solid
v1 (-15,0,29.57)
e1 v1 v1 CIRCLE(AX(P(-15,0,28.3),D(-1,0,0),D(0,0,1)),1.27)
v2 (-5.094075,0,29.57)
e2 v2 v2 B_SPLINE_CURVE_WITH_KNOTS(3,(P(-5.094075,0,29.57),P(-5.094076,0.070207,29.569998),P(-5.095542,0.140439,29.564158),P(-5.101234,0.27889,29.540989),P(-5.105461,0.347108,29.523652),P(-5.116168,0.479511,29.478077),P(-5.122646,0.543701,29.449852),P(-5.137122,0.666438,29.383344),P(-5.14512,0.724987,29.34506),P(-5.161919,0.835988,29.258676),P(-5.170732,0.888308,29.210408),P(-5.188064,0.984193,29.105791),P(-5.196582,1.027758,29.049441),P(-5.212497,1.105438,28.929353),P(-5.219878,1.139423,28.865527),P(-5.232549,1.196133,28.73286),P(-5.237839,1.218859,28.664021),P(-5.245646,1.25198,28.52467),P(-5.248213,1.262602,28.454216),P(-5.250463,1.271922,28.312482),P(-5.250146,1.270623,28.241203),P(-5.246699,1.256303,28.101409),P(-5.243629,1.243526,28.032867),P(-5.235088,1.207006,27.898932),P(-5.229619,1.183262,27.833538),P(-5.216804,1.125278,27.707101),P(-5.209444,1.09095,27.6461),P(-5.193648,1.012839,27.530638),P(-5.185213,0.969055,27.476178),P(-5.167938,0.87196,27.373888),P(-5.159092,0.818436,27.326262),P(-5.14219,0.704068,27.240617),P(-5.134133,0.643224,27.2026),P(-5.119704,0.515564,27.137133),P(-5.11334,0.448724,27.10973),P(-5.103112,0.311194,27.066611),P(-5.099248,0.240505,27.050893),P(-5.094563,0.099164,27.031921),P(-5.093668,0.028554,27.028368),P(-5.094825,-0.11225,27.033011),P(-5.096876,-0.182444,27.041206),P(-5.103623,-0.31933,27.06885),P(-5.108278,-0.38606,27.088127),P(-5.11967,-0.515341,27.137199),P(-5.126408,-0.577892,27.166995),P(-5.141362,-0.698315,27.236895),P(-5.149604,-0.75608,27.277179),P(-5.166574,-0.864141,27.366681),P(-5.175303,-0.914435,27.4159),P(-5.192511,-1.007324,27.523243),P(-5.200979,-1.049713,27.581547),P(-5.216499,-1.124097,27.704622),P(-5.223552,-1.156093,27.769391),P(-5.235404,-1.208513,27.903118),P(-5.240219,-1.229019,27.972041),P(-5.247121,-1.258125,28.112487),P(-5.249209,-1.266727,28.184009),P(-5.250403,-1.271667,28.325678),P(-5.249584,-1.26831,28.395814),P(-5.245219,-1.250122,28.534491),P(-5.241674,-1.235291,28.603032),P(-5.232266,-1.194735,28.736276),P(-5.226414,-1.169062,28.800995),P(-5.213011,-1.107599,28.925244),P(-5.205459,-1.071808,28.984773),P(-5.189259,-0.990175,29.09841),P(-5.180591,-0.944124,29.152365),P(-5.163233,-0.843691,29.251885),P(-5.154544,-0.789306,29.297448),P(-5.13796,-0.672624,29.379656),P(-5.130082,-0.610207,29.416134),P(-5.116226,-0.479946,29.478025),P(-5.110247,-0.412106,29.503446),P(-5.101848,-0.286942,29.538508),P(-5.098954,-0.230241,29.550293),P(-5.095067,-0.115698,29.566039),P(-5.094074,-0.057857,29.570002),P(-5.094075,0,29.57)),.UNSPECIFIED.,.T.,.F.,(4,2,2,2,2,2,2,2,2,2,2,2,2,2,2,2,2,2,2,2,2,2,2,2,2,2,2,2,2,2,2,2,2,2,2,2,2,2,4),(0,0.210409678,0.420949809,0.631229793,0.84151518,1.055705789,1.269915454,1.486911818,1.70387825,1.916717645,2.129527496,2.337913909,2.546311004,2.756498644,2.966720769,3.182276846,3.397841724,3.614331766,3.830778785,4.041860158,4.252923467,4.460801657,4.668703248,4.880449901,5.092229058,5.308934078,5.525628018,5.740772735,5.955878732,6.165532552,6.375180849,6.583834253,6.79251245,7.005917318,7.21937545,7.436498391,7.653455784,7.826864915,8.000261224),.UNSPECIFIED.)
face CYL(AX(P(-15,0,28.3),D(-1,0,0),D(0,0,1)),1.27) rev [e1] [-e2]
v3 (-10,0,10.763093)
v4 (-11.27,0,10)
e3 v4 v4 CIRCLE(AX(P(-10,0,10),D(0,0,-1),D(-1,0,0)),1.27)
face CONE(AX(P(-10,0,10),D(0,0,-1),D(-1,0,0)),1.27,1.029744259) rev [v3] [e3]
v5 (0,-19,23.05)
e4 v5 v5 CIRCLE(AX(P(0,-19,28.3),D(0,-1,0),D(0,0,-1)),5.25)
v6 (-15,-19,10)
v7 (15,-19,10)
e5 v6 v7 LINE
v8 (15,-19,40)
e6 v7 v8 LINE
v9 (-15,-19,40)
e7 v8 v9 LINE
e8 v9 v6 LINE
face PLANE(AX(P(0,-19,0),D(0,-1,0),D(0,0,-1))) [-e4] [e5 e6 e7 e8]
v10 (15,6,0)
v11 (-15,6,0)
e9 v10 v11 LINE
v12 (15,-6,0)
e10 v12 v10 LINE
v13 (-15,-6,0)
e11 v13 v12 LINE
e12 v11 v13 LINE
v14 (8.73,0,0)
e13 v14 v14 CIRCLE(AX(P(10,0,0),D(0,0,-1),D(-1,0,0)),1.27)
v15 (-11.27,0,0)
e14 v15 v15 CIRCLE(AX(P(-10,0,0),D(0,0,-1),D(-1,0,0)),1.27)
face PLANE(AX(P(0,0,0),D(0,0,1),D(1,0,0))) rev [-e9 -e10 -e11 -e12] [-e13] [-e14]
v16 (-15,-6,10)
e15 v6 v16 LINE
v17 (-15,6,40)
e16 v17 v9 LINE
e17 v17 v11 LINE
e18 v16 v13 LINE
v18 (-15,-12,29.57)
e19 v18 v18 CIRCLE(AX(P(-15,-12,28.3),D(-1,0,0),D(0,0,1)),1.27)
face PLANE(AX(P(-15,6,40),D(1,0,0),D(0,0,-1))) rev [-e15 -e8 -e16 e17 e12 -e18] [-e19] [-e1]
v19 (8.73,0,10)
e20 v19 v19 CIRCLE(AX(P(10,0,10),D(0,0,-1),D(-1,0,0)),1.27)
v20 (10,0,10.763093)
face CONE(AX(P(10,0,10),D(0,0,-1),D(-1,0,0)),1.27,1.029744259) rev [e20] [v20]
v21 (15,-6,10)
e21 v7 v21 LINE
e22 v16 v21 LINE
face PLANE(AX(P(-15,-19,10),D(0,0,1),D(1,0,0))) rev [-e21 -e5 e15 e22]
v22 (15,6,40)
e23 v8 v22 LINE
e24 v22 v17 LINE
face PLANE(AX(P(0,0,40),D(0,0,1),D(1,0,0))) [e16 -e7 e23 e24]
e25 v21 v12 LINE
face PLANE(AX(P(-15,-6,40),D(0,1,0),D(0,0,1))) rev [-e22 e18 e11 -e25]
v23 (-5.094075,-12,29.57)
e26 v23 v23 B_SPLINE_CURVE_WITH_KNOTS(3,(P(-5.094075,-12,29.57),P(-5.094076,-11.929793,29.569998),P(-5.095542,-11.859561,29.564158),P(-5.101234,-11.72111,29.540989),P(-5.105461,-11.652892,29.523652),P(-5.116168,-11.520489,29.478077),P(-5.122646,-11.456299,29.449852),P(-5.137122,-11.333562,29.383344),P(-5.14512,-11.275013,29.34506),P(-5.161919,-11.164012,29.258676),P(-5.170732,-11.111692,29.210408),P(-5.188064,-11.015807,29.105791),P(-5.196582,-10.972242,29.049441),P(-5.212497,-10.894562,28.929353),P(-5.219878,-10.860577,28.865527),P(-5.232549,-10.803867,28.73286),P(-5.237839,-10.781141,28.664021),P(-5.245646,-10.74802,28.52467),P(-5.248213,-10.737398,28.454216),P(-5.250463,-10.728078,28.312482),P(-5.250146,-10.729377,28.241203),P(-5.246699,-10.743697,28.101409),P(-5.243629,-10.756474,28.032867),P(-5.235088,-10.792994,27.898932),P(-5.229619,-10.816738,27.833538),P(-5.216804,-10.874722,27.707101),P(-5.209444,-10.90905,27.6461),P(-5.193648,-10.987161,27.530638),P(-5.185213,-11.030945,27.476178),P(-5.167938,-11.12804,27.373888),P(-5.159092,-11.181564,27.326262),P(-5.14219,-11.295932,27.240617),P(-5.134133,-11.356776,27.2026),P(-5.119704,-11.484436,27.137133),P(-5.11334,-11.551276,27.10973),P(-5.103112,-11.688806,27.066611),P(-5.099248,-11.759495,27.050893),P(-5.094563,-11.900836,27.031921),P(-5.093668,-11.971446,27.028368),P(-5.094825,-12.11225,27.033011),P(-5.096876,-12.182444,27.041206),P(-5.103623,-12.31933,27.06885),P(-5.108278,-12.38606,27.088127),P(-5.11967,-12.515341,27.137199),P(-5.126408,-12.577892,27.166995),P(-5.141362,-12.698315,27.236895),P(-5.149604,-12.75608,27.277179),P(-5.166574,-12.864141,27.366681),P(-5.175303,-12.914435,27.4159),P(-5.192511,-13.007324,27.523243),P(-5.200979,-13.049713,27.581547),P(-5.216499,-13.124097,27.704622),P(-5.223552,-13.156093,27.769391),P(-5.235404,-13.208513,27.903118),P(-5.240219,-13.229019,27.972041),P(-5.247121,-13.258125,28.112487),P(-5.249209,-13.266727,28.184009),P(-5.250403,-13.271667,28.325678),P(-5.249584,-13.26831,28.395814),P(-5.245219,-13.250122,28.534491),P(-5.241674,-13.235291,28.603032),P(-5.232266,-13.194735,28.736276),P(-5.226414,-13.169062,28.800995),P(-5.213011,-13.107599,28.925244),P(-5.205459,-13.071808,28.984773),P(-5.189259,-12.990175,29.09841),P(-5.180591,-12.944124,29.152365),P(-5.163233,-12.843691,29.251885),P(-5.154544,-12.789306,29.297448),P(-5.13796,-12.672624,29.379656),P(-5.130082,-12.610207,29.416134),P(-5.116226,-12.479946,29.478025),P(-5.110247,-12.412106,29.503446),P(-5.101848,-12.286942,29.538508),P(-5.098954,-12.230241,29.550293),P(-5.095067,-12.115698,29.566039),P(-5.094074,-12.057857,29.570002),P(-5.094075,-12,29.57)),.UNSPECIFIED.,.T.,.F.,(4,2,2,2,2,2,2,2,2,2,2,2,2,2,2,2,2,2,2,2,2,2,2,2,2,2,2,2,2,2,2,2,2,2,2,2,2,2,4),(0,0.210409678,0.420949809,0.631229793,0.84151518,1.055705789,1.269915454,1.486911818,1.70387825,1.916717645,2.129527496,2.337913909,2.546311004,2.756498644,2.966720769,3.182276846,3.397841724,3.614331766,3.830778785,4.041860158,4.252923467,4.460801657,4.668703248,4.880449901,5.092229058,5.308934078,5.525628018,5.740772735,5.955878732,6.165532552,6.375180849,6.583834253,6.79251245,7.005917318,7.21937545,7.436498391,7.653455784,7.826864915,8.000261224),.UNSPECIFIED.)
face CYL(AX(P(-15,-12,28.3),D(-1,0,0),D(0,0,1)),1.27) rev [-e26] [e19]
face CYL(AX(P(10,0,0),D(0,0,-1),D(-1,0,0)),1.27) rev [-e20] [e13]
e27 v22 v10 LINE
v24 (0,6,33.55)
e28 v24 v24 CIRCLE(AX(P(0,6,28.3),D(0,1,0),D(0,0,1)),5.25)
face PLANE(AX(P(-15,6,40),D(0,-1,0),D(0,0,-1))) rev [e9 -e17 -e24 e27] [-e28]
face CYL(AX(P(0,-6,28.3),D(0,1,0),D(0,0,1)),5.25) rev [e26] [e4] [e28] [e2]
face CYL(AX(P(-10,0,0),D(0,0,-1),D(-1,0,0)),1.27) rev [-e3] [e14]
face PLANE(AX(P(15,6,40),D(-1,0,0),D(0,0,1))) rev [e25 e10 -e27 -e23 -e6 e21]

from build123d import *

# Parameters (mm, degrees)
SKETCH1_W                 = 30
SKETCH1_H                 = 12
BOSS_EXTRUDE1_DEPTH       = 40
SKETCH2_R                 = 5.25
CUT_EXTRUDE1_DEPTH        = 45.373415465
F_8_32_TAPPED_HOLE1_D     = 2.54
F_8_32_TAPPED_HOLE1_DEPTH = 10
F_8_32_TAPPED_HOLE1_TIP   = 0.763092986
SKETCH10_W                = 30
SKETCH10_H                = 30
SKETCH10_R                = 5.25
BOSS_EXTRUDE2_DEPTH       = 13
F_8_32_TAPPED_HOLE2_D     = 2.54
F_8_32_TAPPED_HOLE2_DEPTH = 10.71
F_8_32_TAPPED_HOLE2_TIP   = 0.763092986


with BuildPart() as part:
    # Sketch1 → Boss-Extrude1 (new body)
    with BuildSketch(Plane.XY):
        Rectangle(SKETCH1_W, SKETCH1_H)
    extrude(amount=BOSS_EXTRUDE1_DEPTH)

    # Sketch2 → Cut-Extrude1 (cut, through all)
    with BuildSketch(Plane(origin=(0, 6, 0), x_dir=(1, 0, 0), z_dir=(0, 1, 0))):
        with Locations(Location((0, -28.3, 0), (0, 0, 270))):
            Circle(SKETCH2_R)
    extrude(amount=-CUT_EXTRUDE1_DEPTH, mode=Mode.SUBTRACT)

    # #8-32 Tapped Hole1
    with Locations(Plane(origin=(0, 0, 0), x_dir=(-1, 0, 0), z_dir=(0, 0, -1))):
        with Locations((10, 0), (-10, 0)):
            Hole(F_8_32_TAPPED_HOLE1_D / 2, depth=F_8_32_TAPPED_HOLE1_DEPTH)
            with Locations((0, 0, -(F_8_32_TAPPED_HOLE1_DEPTH + F_8_32_TAPPED_HOLE1_TIP / 2))):  # 118° drill point
                Cone(0, F_8_32_TAPPED_HOLE1_D / 2, F_8_32_TAPPED_HOLE1_TIP, mode=Mode.SUBTRACT)

    # Sketch10 → Boss-Extrude2 (add)
    with BuildSketch(Plane.XZ.offset(6)):
        with Locations((0, 25)):
            Rectangle(SKETCH10_W, SKETCH10_H)
        with Locations(Location((0, 28.3, 0), (0, 0, 90))):
            Circle(SKETCH10_R, mode=Mode.SUBTRACT)
    extrude(amount=BOSS_EXTRUDE2_DEPTH)

    # #8-32 Tapped Hole2
    with Locations(Plane.ZY.offset(15)):
        with Locations((28.3, 0), (28.3, -12)):
            Hole(F_8_32_TAPPED_HOLE2_D / 2, depth=F_8_32_TAPPED_HOLE2_DEPTH)
            with Locations((0, 0, -(F_8_32_TAPPED_HOLE2_DEPTH + F_8_32_TAPPED_HOLE2_TIP / 2))):  # 118° drill point
                Cone(0, F_8_32_TAPPED_HOLE2_D / 2, F_8_32_TAPPED_HOLE2_TIP, mode=Mode.SUBTRACT)


solid = part.part
